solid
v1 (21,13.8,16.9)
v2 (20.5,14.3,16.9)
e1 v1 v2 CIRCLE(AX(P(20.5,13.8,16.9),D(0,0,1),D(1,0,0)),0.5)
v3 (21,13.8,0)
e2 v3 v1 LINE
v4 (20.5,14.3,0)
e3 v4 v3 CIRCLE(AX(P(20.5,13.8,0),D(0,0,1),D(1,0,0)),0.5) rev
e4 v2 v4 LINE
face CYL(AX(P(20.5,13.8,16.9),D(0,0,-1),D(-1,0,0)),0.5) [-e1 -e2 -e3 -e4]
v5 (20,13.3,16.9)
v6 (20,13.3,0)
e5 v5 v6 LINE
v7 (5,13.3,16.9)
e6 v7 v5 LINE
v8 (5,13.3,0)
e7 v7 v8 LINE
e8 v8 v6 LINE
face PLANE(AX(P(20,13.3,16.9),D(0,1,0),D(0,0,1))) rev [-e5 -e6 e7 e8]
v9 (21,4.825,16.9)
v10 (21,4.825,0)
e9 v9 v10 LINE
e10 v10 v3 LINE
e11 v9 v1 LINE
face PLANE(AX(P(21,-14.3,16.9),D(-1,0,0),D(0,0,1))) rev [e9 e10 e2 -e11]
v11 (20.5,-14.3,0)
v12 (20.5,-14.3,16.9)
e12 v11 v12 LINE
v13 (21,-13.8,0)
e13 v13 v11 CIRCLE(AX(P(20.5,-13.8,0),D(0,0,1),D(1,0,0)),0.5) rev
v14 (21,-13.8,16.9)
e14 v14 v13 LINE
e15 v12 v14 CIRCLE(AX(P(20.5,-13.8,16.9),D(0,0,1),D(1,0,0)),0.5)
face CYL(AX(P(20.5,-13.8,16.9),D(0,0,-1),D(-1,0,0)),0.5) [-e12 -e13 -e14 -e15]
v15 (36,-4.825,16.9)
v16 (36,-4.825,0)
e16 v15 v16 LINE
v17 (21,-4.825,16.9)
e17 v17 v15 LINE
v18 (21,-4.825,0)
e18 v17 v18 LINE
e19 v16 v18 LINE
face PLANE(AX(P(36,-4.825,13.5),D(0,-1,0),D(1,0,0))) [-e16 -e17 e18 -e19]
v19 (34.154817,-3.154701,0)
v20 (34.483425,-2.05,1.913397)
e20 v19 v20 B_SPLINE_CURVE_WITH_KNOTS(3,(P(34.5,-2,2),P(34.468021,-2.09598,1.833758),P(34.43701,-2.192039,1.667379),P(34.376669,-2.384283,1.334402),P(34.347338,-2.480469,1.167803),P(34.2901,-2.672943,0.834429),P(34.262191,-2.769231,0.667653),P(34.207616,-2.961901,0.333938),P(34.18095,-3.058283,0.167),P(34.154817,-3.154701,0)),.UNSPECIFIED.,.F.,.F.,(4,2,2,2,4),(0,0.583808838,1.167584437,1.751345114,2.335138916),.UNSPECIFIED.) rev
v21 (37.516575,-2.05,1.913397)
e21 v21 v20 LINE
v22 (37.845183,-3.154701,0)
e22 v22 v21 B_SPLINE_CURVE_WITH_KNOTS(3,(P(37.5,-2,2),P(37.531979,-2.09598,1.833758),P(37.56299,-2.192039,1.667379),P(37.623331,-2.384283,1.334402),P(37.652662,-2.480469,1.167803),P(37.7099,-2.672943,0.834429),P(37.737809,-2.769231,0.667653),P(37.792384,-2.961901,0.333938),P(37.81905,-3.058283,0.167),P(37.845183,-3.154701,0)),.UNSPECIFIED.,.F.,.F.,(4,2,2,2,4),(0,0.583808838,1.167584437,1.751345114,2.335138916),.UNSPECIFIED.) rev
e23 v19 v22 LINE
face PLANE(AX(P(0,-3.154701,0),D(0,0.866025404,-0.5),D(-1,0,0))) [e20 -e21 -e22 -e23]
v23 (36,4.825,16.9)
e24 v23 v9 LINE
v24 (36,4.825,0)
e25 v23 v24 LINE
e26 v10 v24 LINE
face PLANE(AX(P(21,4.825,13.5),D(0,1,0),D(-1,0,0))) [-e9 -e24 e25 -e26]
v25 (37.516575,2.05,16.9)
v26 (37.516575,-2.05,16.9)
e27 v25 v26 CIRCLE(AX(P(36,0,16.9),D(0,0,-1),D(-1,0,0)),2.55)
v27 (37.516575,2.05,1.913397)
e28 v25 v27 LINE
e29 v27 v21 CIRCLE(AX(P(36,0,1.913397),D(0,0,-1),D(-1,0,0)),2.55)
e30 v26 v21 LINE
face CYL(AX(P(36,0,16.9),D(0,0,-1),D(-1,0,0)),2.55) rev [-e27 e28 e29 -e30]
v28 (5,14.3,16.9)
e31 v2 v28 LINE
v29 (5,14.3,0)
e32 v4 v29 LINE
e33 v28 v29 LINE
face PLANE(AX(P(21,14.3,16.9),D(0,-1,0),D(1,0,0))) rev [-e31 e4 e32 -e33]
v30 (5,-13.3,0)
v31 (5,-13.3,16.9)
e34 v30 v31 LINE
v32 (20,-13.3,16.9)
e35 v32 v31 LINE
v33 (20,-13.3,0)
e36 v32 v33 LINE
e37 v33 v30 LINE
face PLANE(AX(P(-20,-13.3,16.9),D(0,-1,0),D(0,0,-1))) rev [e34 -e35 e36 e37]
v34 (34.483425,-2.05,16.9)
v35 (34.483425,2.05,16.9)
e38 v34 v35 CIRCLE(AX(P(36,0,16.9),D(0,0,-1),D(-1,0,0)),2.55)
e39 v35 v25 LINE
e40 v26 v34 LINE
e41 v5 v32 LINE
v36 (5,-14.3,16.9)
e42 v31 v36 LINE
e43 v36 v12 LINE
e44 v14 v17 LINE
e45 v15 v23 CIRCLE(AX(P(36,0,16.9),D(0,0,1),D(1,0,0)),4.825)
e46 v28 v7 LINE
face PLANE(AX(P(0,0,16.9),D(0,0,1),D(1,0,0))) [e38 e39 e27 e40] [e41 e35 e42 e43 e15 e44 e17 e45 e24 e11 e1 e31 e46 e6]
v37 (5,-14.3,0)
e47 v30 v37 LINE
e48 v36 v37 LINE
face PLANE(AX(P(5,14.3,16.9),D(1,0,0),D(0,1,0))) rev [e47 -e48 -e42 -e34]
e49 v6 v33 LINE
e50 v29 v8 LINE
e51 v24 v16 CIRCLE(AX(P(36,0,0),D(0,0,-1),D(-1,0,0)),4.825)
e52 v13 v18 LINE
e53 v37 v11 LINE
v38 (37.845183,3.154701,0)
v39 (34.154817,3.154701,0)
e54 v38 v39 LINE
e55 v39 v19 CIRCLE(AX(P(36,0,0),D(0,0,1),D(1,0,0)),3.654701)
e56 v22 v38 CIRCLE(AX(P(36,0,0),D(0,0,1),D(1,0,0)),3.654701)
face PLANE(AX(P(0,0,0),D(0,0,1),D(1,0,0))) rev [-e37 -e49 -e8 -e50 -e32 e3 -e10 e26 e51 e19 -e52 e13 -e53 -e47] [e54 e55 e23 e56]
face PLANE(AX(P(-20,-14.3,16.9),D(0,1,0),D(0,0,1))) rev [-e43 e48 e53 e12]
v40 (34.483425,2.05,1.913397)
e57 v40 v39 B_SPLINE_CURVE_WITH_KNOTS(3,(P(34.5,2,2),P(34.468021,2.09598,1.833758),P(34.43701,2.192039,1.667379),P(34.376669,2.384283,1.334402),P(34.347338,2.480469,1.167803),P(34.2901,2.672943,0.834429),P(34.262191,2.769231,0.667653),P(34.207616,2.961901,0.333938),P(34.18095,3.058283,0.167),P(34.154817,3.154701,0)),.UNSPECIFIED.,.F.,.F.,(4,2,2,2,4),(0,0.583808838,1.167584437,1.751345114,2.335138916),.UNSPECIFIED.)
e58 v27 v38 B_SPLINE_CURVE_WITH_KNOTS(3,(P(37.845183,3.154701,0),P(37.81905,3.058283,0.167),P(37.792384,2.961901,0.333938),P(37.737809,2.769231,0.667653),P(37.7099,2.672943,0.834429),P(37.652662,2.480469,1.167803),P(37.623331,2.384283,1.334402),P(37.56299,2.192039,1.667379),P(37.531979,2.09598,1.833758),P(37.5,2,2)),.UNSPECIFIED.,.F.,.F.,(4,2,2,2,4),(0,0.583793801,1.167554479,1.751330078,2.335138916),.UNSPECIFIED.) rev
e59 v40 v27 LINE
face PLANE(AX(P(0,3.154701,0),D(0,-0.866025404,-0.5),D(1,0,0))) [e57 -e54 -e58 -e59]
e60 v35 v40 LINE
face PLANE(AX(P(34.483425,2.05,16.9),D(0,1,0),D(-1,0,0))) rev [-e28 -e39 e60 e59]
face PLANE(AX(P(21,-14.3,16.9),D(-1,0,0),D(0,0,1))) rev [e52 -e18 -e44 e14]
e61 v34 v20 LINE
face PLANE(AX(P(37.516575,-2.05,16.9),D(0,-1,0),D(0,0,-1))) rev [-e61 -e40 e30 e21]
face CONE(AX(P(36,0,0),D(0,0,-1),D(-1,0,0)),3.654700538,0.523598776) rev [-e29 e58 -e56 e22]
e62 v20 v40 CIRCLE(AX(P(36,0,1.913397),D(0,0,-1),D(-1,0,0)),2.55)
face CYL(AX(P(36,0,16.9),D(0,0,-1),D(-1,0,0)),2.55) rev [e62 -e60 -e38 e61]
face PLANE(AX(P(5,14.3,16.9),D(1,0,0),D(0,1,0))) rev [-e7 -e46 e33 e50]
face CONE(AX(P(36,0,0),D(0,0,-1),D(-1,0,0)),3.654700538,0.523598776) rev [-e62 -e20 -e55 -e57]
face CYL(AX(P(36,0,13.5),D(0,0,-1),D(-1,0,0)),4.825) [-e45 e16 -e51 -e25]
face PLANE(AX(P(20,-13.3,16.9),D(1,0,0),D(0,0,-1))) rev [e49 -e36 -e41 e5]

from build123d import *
from OCP.BRepFilletAPI import BRepFilletAPI_MakeChamfer

# Parameters (mm, degrees)
BOSS_EXTRUDE1_DEPTH = 16.9
BOSS_EXTRUDE2_DEPTH = 13.5
BOSS_EXTRUDE3_DEPTH = 3.4
BOSS_EXTRUDE4_DEPTH = 13.5
CUT_EXTRUDE1_DEPTH  = 46.31468443
CHAMFER1_SIZE       = 2
CHAMFER1_SIZE2      = 1.154700538
CUT_EXTRUDE2_DEPTH  = 47.441152279
FILLET1_R           = 0.5
SKETCH10_W          = 25
SKETCH10_H          = 28.6
CUT_EXTRUDE3_DEPTH  = 47.441152315


with BuildPart() as part:
    # Sketch1 → Boss-Extrude1 (new body)
    with BuildSketch(Plane.XY):
        Polygon((-20, -13.3), (20, -13.3), (20, 13.3), (-20, 13.3), (-20, 14.3), (21, 14.3), (21, -14.3), (-20, -14.3), align=None)
    extrude(amount=BOSS_EXTRUDE1_DEPTH)

    # Sketch4 → Boss-Extrude2 (add)
    with BuildSketch(Plane(origin=(0, 0, 0), x_dir=(-1, 0, 0), z_dir=(0, 0, -1))):
        with BuildLine():
            Line((-21, 4.825), (-36, 4.825))
            ThreePointArc((-36, 4.825), (-38.610615349, 4.05774722), (-40.390970849, 2))
            Line((-40.390970849, 2), (-30.875, 2))
            Line((-30.875, 2), (-30.875, -2))
            Line((-30.875, -2), (-40.390970849, -2))
            ThreePointArc((-40.390970849, -2), (-38.610615349, -4.05774722), (-36, -4.825))
            Line((-36, -4.825), (-21, -4.825))
            Line((-21, -4.825), (-21, 4.825))
        make_face()
    extrude(amount=-BOSS_EXTRUDE2_DEPTH)

    # Sketch5 → Boss-Extrude3 (add)
    with BuildSketch(Plane.XY.offset(13.5)):
        with BuildLine():
            Line((21, 4.825), (21, -4.825))
            Line((21, -4.825), (36, -4.825))
            ThreePointArc((36, -4.825), (38.610615349, -4.05774722), (40.390970849, -2))
            ThreePointArc((40.390970849, -2), (40.825, 0), (40.390970849, 2))
            ThreePointArc((40.390970849, 2), (38.610615349, 4.05774722), (36, 4.825))
            Line((36, 4.825), (21, 4.825))
        make_face()
    extrude(amount=BOSS_EXTRUDE3_DEPTH)

    # Sketch8 → Boss-Extrude4 (add)
    with BuildSketch(Plane(origin=(0, 0, 0), x_dir=(-1, 0, 0), z_dir=(0, 0, -1))):
        with BuildLine():
            Line((-37.5, 2), (-40.390970849, 2))
            ThreePointArc((-40.390970849, 2), (-40.825, 0), (-40.390970849, -2))
            Line((-40.390970849, -2), (-37.5, -2))
            ThreePointArc((-37.5, -2), (-38.5, 0), (-37.5, 2))
        make_face()
        with BuildLine():
            Line((-34.5, 2), (-30.875, 2))
            Line((-30.875, 2), (-30.875, -2))
            Line((-30.875, -2), (-34.5, -2))
            ThreePointArc((-34.5, -2), (-33.5, 0), (-34.5, 2))
        make_face()
    extrude(amount=-BOSS_EXTRUDE4_DEPTH)

    # Sketch9 → Cut-Extrude1 (cut, through all)
    with BuildSketch(Plane(origin=(0, 0, 13.5), x_dir=(-1, 0, 0), z_dir=(0, 0, -1))):
        with BuildLine():
            Line((-37.5, -2), (-34.5, -2))
            ThreePointArc((-34.5, -2), (-33.5, 0), (-34.5, 2))
            Line((-34.5, 2), (-37.5, 2))
            ThreePointArc((-37.5, 2), (-38.5, 0), (-37.5, -2))
        make_face()
    extrude(amount=-CUT_EXTRUDE1_DEPTH, mode=Mode.SUBTRACT)

    # Chamfer1: one chamfer whose edges measure the first distance from different faces: ONE call of the kernel's chamfer builder (chamfer() names one face for all edges)
    chamfer1_edges_1 = [part.edges().sort_by_distance(p)[0] for p in [
        (36, 2, 0),
    ]]
    chamfer1_side_1 = [part.faces().sort_by_distance(p)[0] for p in [
        (36, 2, 8.45),
    ]]
    chamfer1_edges_2 = [part.edges().sort_by_distance(p)[0] for p in [
        (38.5, 0, 0),
    ]]
    chamfer1_side_2 = [part.faces().sort_by_distance(p)[0] for p in [
        (38.5, 0, 8.45),
    ]]
    chamfer1_edges_3 = [part.edges().sort_by_distance(p)[0] for p in [
        (36, -2, 0),
    ]]
    chamfer1_side_3 = [part.faces().sort_by_distance(p)[0] for p in [
        (36, -2, 8.45),
    ]]
    chamfer1_edges_4 = [part.edges().sort_by_distance(p)[0] for p in [
        (33.5, 0, 0),
    ]]
    chamfer1_side_4 = [part.faces().sort_by_distance(p)[0] for p in [
        (33.5, 0, 8.45),
    ]]
    chamfer1 = BRepFilletAPI_MakeChamfer(part.part.solid().wrapped)
    for e in chamfer1_edges_1:
        chamfer1.Add(CHAMFER1_SIZE, CHAMFER1_SIZE2, e.wrapped, chamfer1_side_1[0].wrapped)  # the first distance lies on this face
    for e in chamfer1_edges_2:
        chamfer1.Add(CHAMFER1_SIZE, CHAMFER1_SIZE2, e.wrapped, chamfer1_side_2[0].wrapped)  # the first distance lies on this face
    for e in chamfer1_edges_3:
        chamfer1.Add(CHAMFER1_SIZE, CHAMFER1_SIZE2, e.wrapped, chamfer1_side_3[0].wrapped)  # the first distance lies on this face
    for e in chamfer1_edges_4:
        chamfer1.Add(CHAMFER1_SIZE, CHAMFER1_SIZE2, e.wrapped, chamfer1_side_4[0].wrapped)  # the first distance lies on this face
    add(Compound.cast(chamfer1.Shape()), mode=Mode.REPLACE)

    # Sketch11 → Cut-Extrude2 (cut, through all)
    with BuildSketch(Plane(origin=(0, 0, 0), x_dir=(-1, 0, 0), z_dir=(0, 0, -1))):
        with BuildLine():
            Line((-34.483424911, 2.05), (-37.516575089, 2.05))
            ThreePointArc((-37.516575089, 2.05), (-38.55, 0), (-37.516575089, -2.05))
            Line((-37.516575089, -2.05), (-34.483424911, -2.05))
            ThreePointArc((-34.483424911, -2.05), (-33.45, 0), (-34.483424911, 2.05))
        make_face()
    extrude(amount=-CUT_EXTRUDE2_DEPTH, mode=Mode.SUBTRACT)

    # Fillet1
    fillet1_edges = [part.edges().sort_by_distance(p)[0] for p in [
        (-20, 14.3, 8.45),
        (21, 14.3, 8.45),
        (21, -14.3, 8.45),
        (-20, -14.3, 8.45),
    ]]
    fillet(fillet1_edges, radius=FILLET1_R)

    # Sketch10 → Cut-Extrude3 (cut, through all)
    with BuildSketch(Plane(origin=(0, 0, 0), x_dir=(-1, 0, 0), z_dir=(0, 0, -1))):
        with Locations((7.5, 0)):
            Rectangle(SKETCH10_W, SKETCH10_H)
    extrude(amount=-CUT_EXTRUDE3_DEPTH, mode=Mode.SUBTRACT)


solid = part.part
